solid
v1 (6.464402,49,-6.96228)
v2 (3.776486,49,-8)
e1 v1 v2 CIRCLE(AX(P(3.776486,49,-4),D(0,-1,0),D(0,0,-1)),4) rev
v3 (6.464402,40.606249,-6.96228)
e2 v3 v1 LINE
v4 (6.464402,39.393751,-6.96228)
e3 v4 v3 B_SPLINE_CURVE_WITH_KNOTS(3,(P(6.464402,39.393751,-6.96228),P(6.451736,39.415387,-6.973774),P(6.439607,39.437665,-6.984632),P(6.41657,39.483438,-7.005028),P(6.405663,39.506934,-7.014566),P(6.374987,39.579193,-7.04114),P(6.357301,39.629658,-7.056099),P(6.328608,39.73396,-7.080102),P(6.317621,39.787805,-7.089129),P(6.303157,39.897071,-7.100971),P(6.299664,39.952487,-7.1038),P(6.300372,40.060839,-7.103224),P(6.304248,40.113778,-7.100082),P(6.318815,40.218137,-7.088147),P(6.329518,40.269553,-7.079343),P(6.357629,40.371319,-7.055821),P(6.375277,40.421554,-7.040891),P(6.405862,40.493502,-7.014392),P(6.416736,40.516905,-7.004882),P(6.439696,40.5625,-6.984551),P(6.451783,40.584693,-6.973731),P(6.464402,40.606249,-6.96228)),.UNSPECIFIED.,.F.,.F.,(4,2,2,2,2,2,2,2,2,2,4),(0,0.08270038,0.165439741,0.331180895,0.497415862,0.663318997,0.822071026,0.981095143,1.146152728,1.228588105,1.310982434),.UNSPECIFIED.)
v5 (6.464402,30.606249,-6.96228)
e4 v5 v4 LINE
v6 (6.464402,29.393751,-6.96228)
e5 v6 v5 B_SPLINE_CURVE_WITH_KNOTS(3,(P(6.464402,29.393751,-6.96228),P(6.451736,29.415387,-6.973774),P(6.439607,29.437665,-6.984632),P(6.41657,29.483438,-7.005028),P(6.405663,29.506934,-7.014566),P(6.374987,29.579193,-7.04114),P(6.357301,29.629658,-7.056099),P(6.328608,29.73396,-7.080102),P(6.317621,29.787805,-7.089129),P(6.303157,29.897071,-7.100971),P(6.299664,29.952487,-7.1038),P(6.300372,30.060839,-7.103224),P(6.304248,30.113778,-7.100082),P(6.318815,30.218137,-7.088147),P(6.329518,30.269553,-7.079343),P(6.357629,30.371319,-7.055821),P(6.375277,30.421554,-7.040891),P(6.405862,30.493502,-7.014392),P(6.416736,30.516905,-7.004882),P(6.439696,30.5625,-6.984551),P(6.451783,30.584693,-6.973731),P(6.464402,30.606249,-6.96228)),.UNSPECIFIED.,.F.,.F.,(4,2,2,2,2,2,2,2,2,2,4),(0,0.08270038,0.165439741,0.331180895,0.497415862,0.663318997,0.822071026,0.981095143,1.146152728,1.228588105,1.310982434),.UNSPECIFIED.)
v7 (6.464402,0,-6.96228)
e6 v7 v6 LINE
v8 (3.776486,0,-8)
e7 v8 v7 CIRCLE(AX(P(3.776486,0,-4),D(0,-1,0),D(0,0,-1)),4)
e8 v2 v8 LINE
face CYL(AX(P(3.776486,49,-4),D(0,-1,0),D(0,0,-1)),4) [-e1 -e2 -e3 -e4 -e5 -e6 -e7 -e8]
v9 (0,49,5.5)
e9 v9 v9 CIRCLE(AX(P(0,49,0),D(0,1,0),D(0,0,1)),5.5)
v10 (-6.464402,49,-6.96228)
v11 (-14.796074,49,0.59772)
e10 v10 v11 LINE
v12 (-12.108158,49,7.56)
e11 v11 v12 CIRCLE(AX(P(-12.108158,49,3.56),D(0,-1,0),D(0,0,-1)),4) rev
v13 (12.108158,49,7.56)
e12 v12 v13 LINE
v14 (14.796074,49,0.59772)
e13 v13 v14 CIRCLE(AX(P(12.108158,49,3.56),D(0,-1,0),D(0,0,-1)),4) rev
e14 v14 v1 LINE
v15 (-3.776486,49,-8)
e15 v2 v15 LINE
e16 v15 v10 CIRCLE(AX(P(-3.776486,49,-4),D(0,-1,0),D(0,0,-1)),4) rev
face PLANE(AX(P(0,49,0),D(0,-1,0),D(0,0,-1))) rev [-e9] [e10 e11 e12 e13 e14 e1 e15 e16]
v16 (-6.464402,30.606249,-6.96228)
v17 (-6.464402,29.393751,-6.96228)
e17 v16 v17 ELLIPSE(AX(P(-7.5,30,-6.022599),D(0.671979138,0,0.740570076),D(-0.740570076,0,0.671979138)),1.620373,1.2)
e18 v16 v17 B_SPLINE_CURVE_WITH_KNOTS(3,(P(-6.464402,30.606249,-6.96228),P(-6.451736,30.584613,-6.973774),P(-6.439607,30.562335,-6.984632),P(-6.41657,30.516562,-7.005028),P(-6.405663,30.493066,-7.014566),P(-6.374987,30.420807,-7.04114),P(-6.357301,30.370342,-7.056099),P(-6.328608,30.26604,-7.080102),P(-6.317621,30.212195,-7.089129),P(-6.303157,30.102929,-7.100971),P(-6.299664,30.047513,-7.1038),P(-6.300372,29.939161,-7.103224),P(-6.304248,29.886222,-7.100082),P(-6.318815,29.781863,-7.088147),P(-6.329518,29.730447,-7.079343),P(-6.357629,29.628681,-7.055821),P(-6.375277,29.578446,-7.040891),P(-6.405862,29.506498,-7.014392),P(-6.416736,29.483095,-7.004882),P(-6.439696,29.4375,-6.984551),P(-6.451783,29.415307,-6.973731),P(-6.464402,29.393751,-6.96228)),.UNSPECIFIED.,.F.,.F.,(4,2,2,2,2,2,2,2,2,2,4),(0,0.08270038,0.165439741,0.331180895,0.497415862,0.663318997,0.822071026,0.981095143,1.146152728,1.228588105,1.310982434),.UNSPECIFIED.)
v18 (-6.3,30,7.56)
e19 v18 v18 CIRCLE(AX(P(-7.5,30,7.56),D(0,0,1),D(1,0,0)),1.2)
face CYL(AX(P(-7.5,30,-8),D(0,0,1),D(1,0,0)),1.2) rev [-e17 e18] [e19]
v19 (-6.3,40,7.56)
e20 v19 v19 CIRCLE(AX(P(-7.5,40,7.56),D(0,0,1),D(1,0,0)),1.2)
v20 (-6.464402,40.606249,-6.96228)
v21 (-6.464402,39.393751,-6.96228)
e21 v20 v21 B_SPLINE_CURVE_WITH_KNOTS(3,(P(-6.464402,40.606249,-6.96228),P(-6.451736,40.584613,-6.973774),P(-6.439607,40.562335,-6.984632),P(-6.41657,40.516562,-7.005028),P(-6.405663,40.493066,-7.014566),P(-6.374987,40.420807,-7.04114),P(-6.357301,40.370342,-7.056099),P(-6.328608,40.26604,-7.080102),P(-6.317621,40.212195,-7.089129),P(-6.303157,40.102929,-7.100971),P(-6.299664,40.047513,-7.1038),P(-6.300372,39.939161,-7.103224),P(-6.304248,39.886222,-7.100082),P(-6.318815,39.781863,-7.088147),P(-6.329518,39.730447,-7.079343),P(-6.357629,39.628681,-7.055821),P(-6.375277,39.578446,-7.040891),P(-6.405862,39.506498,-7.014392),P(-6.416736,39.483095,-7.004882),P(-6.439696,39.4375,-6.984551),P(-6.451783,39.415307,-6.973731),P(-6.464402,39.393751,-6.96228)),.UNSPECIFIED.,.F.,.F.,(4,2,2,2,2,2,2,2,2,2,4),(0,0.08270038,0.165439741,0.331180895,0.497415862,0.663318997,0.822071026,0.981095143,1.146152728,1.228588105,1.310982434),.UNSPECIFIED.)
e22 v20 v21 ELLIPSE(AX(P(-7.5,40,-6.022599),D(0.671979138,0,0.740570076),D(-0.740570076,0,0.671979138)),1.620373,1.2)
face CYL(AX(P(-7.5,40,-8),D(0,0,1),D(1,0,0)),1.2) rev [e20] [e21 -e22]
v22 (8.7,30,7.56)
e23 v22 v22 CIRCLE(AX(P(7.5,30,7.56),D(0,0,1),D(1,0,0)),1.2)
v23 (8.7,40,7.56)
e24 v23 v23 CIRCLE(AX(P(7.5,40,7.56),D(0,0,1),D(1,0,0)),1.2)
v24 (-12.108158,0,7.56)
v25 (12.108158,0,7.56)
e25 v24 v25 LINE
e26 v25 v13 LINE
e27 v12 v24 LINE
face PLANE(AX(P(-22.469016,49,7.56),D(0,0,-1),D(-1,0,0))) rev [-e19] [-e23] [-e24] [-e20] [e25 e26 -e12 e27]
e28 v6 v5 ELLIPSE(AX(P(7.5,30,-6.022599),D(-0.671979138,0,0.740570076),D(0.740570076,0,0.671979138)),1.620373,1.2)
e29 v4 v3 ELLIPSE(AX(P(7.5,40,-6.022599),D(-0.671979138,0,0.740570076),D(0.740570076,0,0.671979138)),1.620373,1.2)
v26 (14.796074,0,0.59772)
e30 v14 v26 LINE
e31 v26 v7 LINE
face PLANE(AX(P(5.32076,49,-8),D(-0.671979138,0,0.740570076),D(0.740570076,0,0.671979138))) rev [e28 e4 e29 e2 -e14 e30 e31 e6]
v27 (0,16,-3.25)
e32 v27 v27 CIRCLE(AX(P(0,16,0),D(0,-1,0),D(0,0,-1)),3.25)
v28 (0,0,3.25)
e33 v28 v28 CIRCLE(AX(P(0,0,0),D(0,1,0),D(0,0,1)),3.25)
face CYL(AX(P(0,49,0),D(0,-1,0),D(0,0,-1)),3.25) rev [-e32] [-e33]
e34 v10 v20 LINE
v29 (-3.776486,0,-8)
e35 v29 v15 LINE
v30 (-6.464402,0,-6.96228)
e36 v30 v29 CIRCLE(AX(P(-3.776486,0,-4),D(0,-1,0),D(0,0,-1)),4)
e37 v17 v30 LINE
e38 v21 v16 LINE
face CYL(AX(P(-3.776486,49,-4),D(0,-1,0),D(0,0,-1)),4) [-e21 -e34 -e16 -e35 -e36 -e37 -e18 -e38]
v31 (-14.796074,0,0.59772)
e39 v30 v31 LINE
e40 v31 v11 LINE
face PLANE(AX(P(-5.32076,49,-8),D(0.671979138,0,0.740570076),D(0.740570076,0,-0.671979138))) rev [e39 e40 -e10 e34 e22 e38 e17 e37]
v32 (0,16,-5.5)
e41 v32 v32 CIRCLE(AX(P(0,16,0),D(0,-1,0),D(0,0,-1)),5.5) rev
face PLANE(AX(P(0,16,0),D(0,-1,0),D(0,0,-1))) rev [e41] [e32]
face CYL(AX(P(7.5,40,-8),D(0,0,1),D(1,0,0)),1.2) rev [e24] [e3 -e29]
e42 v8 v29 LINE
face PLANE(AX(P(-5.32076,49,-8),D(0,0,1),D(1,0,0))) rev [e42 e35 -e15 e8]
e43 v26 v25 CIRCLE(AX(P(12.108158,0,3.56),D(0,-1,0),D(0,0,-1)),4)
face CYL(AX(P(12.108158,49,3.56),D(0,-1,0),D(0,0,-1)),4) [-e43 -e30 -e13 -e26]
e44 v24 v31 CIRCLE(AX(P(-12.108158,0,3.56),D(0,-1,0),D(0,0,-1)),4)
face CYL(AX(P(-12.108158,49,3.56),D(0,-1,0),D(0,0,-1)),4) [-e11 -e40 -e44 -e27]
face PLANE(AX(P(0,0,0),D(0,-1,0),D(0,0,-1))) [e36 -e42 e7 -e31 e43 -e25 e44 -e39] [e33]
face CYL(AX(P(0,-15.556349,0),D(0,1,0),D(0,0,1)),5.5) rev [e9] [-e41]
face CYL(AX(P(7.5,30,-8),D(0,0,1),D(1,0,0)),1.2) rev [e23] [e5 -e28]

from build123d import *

# Parameters (mm, degrees)
SKETCH1_R           = 3.25
BOSS_EXTRUDE1_DEPTH = 49
FILLET1_R           = 4
SKETCH2_R           = 5.5
CUT_EXTRUDE1_DEPTH  = 33
SKETCH3_R           = 1.2
CUT_EXTRUDE2_DEPTH  = 54.875656369


with BuildPart() as part:
    # Sketch1 → Boss-Extrude1 (new body)
    with BuildSketch(Plane(origin=(0, 0, 0), x_dir=(1, 0, 0), z_dir=(0, 1, 0))):
        Polygon((-5.320759509, 8), (-22.469015665, -7.56), (22.469015665, -7.56), (5.320759509, 8), align=None)
        with Locations(Location((0, 0, 0), (0, 0, 270))):
            Circle(SKETCH1_R, mode=Mode.SUBTRACT)
    extrude(amount=BOSS_EXTRUDE1_DEPTH)

    # Fillet1
    fillet1_edges = [part.edges().sort_by_distance(p)[0] for p in [
        (5.320759509, 24.5, -8),
        (22.469015665, 24.5, 7.56),
        (-22.469015665, 24.5, 7.56),
        (-5.320759509, 24.5, -8),
    ]]
    fillet(fillet1_edges, radius=FILLET1_R)

    # Sketch2 → Cut-Extrude1 (cut)
    with BuildSketch(Plane(origin=(0, 49, 0), x_dir=(1, 0, 0), z_dir=(0, 1, 0))):
        with Locations(Location((0, 0, 0), (0, 0, 270))):
            Circle(SKETCH2_R)
    extrude(amount=-CUT_EXTRUDE1_DEPTH, mode=Mode.SUBTRACT)

    # Sketch3 → Cut-Extrude2 (cut, through all)
    with BuildSketch(Plane.XY.offset(7.56)):
        with Locations((-7.5, 40)):
            Circle(SKETCH3_R)
        with Locations((7.5, 40)):
            Circle(SKETCH3_R)
        with Locations((7.5, 30)):
            Circle(SKETCH3_R)
        with Locations((-7.5, 30)):
            Circle(SKETCH3_R)
    extrude(amount=-CUT_EXTRUDE2_DEPTH, mode=Mode.SUBTRACT)


solid = part.part
